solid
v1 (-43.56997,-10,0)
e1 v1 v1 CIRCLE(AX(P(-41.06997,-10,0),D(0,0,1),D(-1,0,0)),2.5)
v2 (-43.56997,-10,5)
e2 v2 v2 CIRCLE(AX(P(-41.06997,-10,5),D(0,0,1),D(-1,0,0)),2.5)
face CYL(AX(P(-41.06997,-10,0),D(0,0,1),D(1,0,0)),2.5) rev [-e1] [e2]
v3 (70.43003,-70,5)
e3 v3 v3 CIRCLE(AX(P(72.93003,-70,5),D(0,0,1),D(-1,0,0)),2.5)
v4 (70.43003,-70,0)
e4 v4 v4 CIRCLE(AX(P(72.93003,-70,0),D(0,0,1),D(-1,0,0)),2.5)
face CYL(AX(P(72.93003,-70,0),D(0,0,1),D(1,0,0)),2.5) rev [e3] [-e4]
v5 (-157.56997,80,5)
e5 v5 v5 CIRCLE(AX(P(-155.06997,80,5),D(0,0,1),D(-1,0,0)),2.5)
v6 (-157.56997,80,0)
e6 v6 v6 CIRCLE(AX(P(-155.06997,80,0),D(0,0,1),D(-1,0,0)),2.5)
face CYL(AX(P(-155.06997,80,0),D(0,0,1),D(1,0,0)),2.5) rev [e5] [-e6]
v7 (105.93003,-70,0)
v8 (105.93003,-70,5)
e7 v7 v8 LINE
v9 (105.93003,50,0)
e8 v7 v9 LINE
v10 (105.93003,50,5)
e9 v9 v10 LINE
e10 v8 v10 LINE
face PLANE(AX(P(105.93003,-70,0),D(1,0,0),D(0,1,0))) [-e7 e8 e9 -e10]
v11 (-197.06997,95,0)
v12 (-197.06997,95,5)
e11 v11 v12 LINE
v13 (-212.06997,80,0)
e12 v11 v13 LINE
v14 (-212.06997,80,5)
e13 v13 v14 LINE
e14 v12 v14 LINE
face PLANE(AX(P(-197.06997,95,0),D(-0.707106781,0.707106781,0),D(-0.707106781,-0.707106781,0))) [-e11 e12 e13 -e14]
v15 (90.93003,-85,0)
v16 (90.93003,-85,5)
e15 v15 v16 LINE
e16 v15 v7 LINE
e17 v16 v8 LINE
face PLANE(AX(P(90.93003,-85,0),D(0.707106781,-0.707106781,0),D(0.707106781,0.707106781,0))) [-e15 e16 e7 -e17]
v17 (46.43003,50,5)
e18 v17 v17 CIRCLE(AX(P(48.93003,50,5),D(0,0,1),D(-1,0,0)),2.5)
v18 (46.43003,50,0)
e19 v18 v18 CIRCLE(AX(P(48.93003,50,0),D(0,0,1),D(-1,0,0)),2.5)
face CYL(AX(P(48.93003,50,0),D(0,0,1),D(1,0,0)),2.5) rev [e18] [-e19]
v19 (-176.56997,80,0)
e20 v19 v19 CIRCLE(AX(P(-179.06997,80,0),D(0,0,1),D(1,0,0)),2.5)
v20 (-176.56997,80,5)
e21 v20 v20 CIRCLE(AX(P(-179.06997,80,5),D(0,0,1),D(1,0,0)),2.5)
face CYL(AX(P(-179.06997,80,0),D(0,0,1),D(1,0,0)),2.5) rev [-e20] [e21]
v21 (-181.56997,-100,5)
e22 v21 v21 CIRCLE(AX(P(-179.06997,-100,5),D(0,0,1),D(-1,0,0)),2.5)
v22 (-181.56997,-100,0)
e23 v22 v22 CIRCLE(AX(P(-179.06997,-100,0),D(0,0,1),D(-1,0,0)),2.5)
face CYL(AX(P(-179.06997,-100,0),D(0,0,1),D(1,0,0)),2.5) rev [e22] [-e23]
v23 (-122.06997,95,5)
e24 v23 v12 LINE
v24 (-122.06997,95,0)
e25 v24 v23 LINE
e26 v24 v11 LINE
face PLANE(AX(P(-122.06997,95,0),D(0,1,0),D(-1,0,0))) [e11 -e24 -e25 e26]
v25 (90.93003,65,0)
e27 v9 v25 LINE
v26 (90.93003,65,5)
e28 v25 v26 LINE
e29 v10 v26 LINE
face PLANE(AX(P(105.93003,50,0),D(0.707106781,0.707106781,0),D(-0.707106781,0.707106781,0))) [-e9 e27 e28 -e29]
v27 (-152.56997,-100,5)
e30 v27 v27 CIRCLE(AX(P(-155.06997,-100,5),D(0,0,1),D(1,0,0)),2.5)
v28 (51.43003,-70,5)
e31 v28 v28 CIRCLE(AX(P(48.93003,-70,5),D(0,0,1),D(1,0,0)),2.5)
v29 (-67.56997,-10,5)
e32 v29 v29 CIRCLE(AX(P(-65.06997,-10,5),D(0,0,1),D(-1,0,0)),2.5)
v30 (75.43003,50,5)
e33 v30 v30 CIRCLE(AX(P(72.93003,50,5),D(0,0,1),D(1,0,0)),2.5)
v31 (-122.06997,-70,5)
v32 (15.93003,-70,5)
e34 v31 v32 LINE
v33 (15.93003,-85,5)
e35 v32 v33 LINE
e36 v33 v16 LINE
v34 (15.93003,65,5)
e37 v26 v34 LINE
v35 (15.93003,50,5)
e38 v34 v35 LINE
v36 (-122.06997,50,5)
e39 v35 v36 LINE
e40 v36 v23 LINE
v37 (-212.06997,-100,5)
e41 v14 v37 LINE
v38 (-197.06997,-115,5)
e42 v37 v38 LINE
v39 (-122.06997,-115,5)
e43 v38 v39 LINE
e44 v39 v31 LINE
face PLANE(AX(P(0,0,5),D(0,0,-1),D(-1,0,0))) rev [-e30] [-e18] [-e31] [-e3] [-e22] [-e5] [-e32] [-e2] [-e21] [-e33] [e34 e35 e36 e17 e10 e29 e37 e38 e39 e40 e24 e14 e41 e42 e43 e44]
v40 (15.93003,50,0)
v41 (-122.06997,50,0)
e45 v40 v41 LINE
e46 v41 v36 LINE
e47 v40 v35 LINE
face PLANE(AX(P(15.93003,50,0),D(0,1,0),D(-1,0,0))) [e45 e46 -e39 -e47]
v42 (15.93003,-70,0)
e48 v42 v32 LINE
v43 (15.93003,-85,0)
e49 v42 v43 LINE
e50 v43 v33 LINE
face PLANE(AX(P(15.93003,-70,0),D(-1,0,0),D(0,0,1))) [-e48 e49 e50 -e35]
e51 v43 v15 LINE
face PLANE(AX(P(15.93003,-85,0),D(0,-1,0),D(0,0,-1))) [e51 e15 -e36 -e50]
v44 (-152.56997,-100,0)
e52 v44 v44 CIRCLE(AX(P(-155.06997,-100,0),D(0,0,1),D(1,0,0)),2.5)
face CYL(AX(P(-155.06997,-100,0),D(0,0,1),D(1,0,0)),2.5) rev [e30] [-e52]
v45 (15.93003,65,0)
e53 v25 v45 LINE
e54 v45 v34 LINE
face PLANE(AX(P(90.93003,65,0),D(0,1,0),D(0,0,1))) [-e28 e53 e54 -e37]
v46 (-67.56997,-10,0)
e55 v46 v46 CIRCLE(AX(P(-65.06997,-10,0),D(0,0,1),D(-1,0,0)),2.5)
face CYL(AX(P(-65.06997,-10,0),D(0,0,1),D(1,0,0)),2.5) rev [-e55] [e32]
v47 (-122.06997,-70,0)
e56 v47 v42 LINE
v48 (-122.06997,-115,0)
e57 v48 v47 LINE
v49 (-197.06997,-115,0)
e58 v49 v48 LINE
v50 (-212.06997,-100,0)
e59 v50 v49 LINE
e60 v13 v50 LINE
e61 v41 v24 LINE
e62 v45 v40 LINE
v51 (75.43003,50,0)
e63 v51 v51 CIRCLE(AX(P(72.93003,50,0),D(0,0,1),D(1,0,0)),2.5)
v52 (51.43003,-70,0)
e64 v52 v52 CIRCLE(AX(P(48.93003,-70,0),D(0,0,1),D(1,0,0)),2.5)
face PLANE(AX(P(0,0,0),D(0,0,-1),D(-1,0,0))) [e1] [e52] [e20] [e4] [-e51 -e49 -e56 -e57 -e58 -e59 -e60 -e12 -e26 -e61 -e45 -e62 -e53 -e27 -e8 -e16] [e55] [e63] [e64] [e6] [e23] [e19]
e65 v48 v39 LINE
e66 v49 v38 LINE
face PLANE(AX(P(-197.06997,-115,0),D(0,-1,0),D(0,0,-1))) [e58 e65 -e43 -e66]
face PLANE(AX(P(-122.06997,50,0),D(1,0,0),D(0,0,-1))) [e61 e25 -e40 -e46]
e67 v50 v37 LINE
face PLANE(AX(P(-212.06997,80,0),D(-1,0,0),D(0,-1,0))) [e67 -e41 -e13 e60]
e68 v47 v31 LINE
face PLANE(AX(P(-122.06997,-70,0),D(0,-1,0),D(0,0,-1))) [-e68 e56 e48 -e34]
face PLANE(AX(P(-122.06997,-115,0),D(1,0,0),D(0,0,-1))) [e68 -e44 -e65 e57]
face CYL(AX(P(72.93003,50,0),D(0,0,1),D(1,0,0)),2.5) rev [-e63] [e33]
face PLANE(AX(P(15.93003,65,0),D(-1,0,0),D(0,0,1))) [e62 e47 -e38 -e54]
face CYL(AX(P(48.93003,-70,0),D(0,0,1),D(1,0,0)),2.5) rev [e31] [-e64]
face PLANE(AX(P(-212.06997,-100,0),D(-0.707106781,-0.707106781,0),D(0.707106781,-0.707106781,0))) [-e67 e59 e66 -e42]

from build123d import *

# Parameters (mm, degrees)
SKETCH_1_R      = 2.5
EXTRUDE_1_DEPTH = 5


with BuildPart() as part:
    # 草图1 → 凸台-拉伸1 (new body)
    with BuildSketch(Plane.XY.offset(5)):
        Polygon((15.930030419, -70.000000012), (15.930030419, -84.99999999), (90.930030476, -84.99999999), (105.930030424, -70.000000041), (105.930030424, 50.000000019), (90.930030476, 64.999999967), (15.930030419, 64.999999967), (15.930030419, 50.000000018), (-122.069969569, 50.000000018), (-122.069969569, 94.999999997), (-197.069969626, 94.999999997), (-212.069969578, 80.000000045), (-212.069969578, -100.000000045), (-197.069969626, -114.999999997), (-122.069969569, -114.999999997), (-122.069969569, -70.000000012), align=None)
        with Locations((-179.069969574, 80)):
            Circle(SKETCH_1_R, mode=Mode.SUBTRACT)
        with Locations(Location((-179.069969574, -100, 0), (0, 0, 180))):
            Circle(SKETCH_1_R, mode=Mode.SUBTRACT)
        with Locations(Location((72.930030422, -70.000000022, 0), (0, 0, 180))):
            Circle(SKETCH_1_R, mode=Mode.SUBTRACT)
        with Locations(Location((48.930030422, 50, 0), (0, 0, 180))):
            Circle(SKETCH_1_R, mode=Mode.SUBTRACT)
        with Locations(Location((-155.069969574, 80, 0), (0, 0, 180))):
            Circle(SKETCH_1_R, mode=Mode.SUBTRACT)
        with Locations((-155.069969574, -100)):
            Circle(SKETCH_1_R, mode=Mode.SUBTRACT)
        with Locations(Location((-65.069969575, -10, 0), (0, 0, 180))):
            Circle(SKETCH_1_R, mode=Mode.SUBTRACT)
        with Locations(Location((-41.069969575, -10.000000011, 0), (0, 0, 180))):
            Circle(SKETCH_1_R, mode=Mode.SUBTRACT)
        with Locations((72.930030422, 50)):
            Circle(SKETCH_1_R, mode=Mode.SUBTRACT)
        with Locations((48.930030422, -70.000000022)):
            Circle(SKETCH_1_R, mode=Mode.SUBTRACT)
    extrude(amount=-EXTRUDE_1_DEPTH)


solid = part.part
